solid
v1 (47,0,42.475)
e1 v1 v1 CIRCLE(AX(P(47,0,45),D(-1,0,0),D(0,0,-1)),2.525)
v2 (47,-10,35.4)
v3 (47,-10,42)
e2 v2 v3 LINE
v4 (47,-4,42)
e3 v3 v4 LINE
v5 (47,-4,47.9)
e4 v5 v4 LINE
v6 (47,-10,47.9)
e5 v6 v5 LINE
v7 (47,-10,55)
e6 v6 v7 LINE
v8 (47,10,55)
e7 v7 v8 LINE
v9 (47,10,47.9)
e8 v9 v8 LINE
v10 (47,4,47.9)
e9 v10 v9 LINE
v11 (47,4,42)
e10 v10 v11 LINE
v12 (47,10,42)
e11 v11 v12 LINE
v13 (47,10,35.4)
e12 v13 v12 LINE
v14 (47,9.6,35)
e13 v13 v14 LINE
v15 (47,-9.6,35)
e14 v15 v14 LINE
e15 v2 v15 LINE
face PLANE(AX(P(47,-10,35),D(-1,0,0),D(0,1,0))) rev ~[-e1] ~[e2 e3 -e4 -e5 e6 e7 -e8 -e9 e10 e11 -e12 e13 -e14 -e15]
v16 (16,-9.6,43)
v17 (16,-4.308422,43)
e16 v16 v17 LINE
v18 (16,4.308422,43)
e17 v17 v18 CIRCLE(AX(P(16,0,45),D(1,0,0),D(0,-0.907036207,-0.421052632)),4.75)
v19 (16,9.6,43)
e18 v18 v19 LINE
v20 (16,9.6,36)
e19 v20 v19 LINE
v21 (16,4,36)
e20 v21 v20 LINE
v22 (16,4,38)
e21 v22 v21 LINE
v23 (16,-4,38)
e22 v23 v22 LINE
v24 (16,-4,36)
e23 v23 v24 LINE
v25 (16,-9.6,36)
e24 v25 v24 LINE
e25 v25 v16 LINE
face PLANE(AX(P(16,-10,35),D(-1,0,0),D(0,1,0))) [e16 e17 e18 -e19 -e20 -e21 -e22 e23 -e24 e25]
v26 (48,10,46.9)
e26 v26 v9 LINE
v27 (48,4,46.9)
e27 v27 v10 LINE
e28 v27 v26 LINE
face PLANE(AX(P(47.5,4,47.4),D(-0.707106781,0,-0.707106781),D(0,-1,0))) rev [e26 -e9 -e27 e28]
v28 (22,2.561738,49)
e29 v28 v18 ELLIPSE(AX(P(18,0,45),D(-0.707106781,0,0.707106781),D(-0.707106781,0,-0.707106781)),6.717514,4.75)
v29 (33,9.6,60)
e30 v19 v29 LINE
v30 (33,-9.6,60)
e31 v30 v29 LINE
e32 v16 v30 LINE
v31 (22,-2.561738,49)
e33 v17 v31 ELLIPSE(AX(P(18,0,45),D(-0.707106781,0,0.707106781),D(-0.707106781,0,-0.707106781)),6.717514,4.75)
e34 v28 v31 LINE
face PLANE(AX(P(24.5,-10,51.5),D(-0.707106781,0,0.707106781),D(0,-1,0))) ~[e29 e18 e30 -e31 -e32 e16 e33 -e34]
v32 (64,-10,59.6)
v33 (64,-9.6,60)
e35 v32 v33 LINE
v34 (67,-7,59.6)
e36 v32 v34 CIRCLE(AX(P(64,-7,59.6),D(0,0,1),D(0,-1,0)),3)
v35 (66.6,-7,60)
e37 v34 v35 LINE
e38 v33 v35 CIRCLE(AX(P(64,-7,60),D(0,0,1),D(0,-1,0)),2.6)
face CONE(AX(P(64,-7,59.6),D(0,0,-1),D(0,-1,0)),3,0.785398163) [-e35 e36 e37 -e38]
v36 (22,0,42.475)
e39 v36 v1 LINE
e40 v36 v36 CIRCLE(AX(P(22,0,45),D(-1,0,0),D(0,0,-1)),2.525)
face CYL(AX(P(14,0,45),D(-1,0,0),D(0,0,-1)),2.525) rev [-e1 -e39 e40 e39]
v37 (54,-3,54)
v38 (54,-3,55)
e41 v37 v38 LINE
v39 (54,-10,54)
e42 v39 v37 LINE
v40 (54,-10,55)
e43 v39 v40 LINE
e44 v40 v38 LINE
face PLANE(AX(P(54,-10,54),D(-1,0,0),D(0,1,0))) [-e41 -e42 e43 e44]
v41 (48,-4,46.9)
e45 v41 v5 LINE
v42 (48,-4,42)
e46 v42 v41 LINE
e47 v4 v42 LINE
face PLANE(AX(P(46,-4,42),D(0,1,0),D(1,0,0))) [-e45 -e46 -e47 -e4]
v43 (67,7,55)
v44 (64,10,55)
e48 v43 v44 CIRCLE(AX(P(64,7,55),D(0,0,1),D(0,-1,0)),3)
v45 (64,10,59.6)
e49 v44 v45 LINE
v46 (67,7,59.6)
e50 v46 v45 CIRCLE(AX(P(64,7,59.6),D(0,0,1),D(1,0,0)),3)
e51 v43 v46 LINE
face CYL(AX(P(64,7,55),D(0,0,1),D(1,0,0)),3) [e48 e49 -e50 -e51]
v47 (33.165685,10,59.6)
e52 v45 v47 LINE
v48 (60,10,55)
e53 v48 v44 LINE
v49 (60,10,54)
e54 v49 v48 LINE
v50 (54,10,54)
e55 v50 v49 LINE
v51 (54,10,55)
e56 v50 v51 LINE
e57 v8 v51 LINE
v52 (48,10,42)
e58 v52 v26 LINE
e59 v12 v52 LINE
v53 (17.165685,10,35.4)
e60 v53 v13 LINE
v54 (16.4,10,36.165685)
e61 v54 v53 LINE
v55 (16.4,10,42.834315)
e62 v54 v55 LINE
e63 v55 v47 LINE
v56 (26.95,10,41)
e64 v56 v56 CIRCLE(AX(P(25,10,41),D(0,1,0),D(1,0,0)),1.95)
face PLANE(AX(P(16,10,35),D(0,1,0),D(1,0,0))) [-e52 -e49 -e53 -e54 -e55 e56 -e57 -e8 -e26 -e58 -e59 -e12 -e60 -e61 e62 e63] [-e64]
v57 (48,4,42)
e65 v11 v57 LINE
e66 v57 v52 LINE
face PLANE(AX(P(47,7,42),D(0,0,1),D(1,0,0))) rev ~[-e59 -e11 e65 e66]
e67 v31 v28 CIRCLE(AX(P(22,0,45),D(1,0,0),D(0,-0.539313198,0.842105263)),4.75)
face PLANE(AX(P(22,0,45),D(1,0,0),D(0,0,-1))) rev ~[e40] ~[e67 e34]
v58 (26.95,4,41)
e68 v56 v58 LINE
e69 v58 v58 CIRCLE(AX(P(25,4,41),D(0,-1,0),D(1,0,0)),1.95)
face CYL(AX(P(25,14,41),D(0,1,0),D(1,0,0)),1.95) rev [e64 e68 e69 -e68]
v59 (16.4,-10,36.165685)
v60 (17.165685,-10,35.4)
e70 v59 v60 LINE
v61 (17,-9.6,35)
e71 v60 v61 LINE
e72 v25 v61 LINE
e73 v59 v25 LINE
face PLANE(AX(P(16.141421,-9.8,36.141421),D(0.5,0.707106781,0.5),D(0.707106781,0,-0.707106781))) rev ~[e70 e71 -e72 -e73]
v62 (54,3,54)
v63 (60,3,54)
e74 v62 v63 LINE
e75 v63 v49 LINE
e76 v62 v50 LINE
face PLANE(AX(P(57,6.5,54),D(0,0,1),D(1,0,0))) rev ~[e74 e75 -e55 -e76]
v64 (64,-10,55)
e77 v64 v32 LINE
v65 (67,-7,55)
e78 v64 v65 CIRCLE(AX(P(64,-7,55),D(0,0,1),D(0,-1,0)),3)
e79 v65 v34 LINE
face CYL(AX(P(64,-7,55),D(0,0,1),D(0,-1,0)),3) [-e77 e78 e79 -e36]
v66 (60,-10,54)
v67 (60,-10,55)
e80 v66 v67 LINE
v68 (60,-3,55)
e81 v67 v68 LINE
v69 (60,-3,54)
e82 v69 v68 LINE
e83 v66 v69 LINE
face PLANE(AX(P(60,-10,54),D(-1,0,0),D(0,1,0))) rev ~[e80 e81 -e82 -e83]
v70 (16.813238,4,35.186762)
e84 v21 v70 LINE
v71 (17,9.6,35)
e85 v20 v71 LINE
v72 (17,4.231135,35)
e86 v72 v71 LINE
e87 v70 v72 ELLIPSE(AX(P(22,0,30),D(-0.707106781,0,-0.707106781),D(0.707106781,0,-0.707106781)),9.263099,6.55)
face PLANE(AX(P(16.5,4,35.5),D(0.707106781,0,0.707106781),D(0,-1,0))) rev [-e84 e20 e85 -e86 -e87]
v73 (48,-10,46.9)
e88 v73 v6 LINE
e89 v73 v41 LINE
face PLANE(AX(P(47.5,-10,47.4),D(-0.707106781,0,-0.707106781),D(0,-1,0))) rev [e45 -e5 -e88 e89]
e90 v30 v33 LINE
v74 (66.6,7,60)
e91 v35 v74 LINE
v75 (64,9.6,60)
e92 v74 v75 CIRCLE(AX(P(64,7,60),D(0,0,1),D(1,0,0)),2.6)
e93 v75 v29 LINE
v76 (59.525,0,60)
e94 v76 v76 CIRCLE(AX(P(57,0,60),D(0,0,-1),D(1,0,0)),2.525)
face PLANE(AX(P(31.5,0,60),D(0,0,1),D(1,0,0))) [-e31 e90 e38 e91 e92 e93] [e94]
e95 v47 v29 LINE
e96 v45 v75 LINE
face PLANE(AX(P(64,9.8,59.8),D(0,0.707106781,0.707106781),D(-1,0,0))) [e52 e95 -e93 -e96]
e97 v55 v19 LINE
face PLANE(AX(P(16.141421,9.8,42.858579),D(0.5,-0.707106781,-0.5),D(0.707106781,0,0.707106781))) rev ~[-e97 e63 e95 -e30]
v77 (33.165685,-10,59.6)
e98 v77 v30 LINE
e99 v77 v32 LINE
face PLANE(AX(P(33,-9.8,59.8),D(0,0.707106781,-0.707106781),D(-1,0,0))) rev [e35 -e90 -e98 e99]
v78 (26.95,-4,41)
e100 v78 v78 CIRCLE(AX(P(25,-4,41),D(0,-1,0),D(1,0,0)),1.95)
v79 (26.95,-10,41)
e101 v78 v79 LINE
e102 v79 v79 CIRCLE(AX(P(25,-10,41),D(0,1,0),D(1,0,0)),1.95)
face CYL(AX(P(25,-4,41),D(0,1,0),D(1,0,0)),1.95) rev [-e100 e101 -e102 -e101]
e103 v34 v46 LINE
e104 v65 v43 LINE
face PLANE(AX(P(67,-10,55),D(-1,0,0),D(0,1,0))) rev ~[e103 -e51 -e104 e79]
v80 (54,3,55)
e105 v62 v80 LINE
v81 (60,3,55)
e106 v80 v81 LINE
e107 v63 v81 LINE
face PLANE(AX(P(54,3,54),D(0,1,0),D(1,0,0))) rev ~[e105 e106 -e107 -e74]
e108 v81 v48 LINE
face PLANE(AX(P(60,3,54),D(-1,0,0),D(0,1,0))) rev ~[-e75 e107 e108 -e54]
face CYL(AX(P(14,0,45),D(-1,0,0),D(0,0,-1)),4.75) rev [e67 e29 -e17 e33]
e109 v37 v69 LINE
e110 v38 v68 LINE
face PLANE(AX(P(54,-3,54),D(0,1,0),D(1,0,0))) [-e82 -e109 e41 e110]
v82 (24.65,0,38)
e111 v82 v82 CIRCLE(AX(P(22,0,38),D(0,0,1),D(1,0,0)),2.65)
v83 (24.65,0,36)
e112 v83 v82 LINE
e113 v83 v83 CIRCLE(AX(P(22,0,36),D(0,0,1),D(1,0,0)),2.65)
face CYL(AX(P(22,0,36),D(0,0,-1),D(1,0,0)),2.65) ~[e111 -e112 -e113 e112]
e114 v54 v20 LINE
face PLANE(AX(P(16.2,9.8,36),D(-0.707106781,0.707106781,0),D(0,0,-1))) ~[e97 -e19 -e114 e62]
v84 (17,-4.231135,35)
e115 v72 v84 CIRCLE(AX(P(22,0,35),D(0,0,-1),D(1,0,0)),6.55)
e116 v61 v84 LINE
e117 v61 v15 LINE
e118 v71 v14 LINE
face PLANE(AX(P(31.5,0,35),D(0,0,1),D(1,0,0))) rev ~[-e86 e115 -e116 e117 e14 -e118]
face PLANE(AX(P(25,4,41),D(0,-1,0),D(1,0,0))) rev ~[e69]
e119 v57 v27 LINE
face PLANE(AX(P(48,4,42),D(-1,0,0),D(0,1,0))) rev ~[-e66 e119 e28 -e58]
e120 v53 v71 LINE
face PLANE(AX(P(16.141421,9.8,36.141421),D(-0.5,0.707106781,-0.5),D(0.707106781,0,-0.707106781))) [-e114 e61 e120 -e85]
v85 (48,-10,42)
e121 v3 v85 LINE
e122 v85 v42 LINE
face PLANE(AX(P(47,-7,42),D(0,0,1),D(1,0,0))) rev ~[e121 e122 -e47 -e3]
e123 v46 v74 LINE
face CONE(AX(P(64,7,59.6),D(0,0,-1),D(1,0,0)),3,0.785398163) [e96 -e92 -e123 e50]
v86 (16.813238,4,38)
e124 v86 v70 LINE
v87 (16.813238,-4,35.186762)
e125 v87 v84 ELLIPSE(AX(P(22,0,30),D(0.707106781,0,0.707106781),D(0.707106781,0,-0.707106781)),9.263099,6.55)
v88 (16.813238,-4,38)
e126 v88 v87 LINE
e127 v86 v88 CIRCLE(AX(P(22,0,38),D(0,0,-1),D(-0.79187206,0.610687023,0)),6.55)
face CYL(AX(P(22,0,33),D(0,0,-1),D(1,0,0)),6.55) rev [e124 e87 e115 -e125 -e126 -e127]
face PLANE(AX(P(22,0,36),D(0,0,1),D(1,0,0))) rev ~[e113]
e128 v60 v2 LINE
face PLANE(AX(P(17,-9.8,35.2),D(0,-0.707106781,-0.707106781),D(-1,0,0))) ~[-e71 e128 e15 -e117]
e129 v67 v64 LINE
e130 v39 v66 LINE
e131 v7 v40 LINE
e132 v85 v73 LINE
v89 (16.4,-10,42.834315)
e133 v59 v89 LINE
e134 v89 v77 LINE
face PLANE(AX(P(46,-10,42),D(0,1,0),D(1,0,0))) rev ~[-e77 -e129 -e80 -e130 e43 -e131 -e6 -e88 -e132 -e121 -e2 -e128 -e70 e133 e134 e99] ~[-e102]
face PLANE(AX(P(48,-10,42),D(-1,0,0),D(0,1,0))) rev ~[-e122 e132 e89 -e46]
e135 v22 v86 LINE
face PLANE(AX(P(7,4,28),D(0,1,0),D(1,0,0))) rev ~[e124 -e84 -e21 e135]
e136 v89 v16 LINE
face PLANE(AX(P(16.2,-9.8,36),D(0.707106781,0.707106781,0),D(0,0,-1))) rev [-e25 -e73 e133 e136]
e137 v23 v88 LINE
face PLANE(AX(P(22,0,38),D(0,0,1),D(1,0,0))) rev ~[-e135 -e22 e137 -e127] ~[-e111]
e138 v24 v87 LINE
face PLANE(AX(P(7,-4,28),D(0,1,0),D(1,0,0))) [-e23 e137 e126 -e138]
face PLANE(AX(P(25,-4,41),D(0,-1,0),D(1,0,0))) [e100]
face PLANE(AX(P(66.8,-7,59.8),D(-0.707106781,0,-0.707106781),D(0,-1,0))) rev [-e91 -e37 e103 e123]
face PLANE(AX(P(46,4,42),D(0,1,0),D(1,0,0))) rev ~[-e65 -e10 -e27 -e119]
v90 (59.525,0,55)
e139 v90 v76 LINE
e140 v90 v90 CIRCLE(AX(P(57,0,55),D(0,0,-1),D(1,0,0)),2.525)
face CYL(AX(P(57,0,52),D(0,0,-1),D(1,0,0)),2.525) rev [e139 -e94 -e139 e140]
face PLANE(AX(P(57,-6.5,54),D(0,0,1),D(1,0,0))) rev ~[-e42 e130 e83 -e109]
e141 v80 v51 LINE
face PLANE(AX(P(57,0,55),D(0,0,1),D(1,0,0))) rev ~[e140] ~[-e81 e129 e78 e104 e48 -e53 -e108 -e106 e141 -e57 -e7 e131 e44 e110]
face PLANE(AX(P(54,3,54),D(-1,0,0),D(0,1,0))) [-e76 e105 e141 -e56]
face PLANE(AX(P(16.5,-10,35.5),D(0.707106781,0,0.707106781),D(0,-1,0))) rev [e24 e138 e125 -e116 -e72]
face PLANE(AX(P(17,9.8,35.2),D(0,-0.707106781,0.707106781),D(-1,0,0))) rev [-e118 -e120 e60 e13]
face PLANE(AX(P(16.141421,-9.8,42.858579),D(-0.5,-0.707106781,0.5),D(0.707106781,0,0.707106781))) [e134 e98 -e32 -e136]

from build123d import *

# Parameters (mm, degrees)
CYLINDER022_R                        = 1.95
CYLINDER022_DEPTH                    = 10
CYLINDER021_R                        = 1.95
CYLINDER021_DEPTH                    = 10
BOX026_W                             = 2
BOX026_H                             = 6
BOX026_DEPTH                         = 5.9
BOX027_W                             = 2
BOX027_H                             = 6
BOX027_DEPTH                         = 5.9
CHAMFER004013007011015006009004_SIZE = 1
CYLINDER018_R                        = 2.525
CYLINDER018_DEPTH                    = 37
CYLINDER019_R                        = 4.75
CYLINDER019_DEPTH                    = 8
CYLINDER017_R                        = 2.65
CYLINDER017_DEPTH                    = 2
CYLINDER016_R                        = 6.55
CYLINDER016_DEPTH                    = 5
BOX030_W                             = 12
BOX030_H                             = 8
BOX030_DEPTH                         = 10
BOX024_W                             = 31
BOX024_H                             = 20
BOX024_DEPTH                         = 25
CHAMFER004013007011015006009005_SIZE = 17
CHAMFER004013007011015006009006_SIZE = 1
BOX028_W                             = 6
BOX028_H                             = 7
BOX028_DEPTH                         = 1
BOX029_W                             = 6
BOX029_H                             = 7
BOX029_DEPTH                         = 1
CYLINDER020_R                        = 2.525
CYLINDER020_DEPTH                    = 10
BOX025_W                             = 20
BOX025_H                             = 20
BOX025_DEPTH                         = 5
FILLET001_R                          = 3
CHAMFER004013007011015006009007_SIZE = 0.4


with BuildPart() as cylinder022:
    # Cylinder022 → Cylinder022 (new body)
    with BuildSketch(Plane(origin=(24, 14, 41), x_dir=(1, 0, 0), z_dir=(0, -1, 0))):
        Circle(CYLINDER022_R)
    extrude(amount=CYLINDER022_DEPTH)


with BuildPart() as fusion004031:
    # Cylinder021 → Cylinder021 (new body)
    with BuildSketch(Plane(origin=(24, -4, 41), x_dir=(1, 0, 0), z_dir=(0, -1, 0))):
        Circle(CYLINDER021_R)
    extrude(amount=CYLINDER021_DEPTH)

    # Fusion004031: union Cylinder022
    add(cylinder022.part)


with BuildPart() as fusion004031_1:
    # Fusion004031 placement: moved
    add(fusion004031.part.moved(Location((1, 0, 0))))


with BuildPart() as cube026:
    # Box026 → Box026 (new body)
    with BuildSketch(Plane(origin=(46, -10, 47), x_dir=(1, 0, 0), z_dir=(0, 0, 1))):
        with Locations((1, 3)):
            Rectangle(BOX026_W, BOX026_H)
    extrude(amount=BOX026_DEPTH)


with BuildPart() as chamfer004013007011015006009004:
    # Box027 → Box027 (new body)
    with BuildSketch(Plane(origin=(46, 4, 47), x_dir=(1, 0, 0), z_dir=(0, 0, 1))):
        with Locations((1, 3)):
            Rectangle(BOX027_W, BOX027_H)
    extrude(amount=BOX027_DEPTH)

    # Fusion004032: union Cube026
    add(cube026.part)


with BuildPart() as chamfer004013007011015006009004_1:
    # Fusion004032 placement: moved
    add(chamfer004013007011015006009004.part.moved(Location((0, 0, -5.1))))

    # Chamfer004013007011015006009004
    chamfer004013007011015006009004_edges = [chamfer004013007011015006009004_1.edges().sort_by_distance(p)[0] for p in [
        (48, 7, 47.8),
        (48, -7, 47.8),
    ]]
    chamfer(chamfer004013007011015006009004_edges, length=CHAMFER004013007011015006009004_SIZE)


with BuildPart() as chamfer004013007011015006009004_2:
    # Chamfer004013007011015006009004 placement: moved
    add(chamfer004013007011015006009004_1.part.moved(Location((0, 0, 0.1))))


with BuildPart() as cylinder018:
    # Cylinder018 → Cylinder018 (new body)
    with BuildSketch(Plane(origin=(14, 0, 45), x_dir=(0, 0, -1), z_dir=(1, 0, 0))):
        Circle(CYLINDER018_R)
    extrude(amount=CYLINDER018_DEPTH)


with BuildPart() as fusion004035:
    # Cylinder019 → Cylinder019 (new body)
    with BuildSketch(Plane(origin=(14, 0, 45), x_dir=(0, 0, -1), z_dir=(1, 0, 0))):
        Circle(CYLINDER019_R)
    extrude(amount=CYLINDER019_DEPTH)

    # Fusion004035: union Cylinder018
    add(cylinder018.part)


with BuildPart() as cylinder017:
    # Cylinder017 → Cylinder017 (new body)
    with BuildSketch(Plane.XY.offset(3)):
        Circle(CYLINDER017_R)
    extrude(amount=CYLINDER017_DEPTH)


with BuildPart() as cut028006004005015:
    # Cylinder016 → Cylinder016 (new body)
    with BuildSketch(Plane.XY):
        Circle(CYLINDER016_R)
    extrude(amount=CYLINDER016_DEPTH)

    # Cut028006004005015: cut Cylinder017
    add(cylinder017.part, mode=Mode.SUBTRACT)


with BuildPart() as cut028006004005015_1:
    # Cut028006004005015 placement: moved
    add(cut028006004005015.part.moved(Location((22, 0, 33))))


with BuildPart() as fusion004030:
    # Box030 → Box030 (new body)
    with BuildSketch(Plane(origin=(7, -4, 28), x_dir=(1, 0, 0), z_dir=(0, 0, 1))):
        with Locations((6, 4)):
            Rectangle(BOX030_W, BOX030_H)
    extrude(amount=BOX030_DEPTH)

    # Fusion004030: union Cut028006004005015
    add(cut028006004005015_1.part)


with BuildPart() as cut028006004005011003:
    # Box024 → Box024 (new body)
    with BuildSketch(Plane(origin=(16, -10, 35), x_dir=(1, 0, 0), z_dir=(0, 0, 1))):
        with Locations((15.5, 10)):
            Rectangle(BOX024_W, BOX024_H)
    extrude(amount=BOX024_DEPTH)

    # Cut028006004005017: cut Fusion004030
    add(fusion004030.part, mode=Mode.SUBTRACT)

    # Chamfer004013007011015006009005
    chamfer004013007011015006009005_edges = [cut028006004005011003.edges().sort_by_distance(p)[0] for p in [
        (16, 0, 60),
    ]]
    chamfer(chamfer004013007011015006009005_edges, length=CHAMFER004013007011015006009005_SIZE)

    # Cut028006004005018: cut Fusion004035
    add(fusion004035.part, mode=Mode.SUBTRACT)

    # Chamfer004013007011015006009006
    chamfer004013007011015006009006_edges = [cut028006004005011003.edges().sort_by_distance(p)[0] for p in [
        (16, 7, 35),
        (16, -7, 35),
    ]]
    chamfer(chamfer004013007011015006009006_edges, length=CHAMFER004013007011015006009006_SIZE)

    # Fusion004025007: union Chamfer004013007011015006009004
    add(chamfer004013007011015006009004_2.part)

    # Cut028006004005011003: cut Fusion004031
    add(fusion004031_1.part, mode=Mode.SUBTRACT)


with BuildPart() as cube028:
    # Box028 → Box028 (new body)
    with BuildSketch(Plane(origin=(54, -10, 40), x_dir=(1, 0, 0), z_dir=(0, 0, 1))):
        with Locations((3, 3.5)):
            Rectangle(BOX028_W, BOX028_H)
    extrude(amount=BOX028_DEPTH)


with BuildPart() as cube029:
    # Box029 → Box029 (new body)
    with BuildSketch(Plane(origin=(54, 3, 40), x_dir=(1, 0, 0), z_dir=(0, 0, 1))):
        with Locations((3, 3.5)):
            Rectangle(BOX029_W, BOX029_H)
    extrude(amount=BOX029_DEPTH)


with BuildPart() as cylinder020:
    # Cylinder020 → Cylinder020 (new body)
    with BuildSketch(Plane(origin=(57, 0, 32), x_dir=(1, 0, 0), z_dir=(0, 0, 1))):
        Circle(CYLINDER020_R)
    extrude(amount=CYLINDER020_DEPTH)


with BuildPart() as bed_frame_mount_top:
    # Box025 → Box025 (new body)
    with BuildSketch(Plane(origin=(47, -10, 35), x_dir=(1, 0, 0), z_dir=(0, 0, 1))):
        with Locations((10, 10)):
            Rectangle(BOX025_W, BOX025_H)
    extrude(amount=BOX025_DEPTH)

    # Fillet001
    fillet001_edges = [bed_frame_mount_top.edges().sort_by_distance(p)[0] for p in [
        (67, -10, 37.5),
        (67, 10, 37.5),
    ]]
    fillet(fillet001_edges, radius=FILLET001_R)

    # Cut028006004005016: cut Cylinder020
    add(cylinder020.part, mode=Mode.SUBTRACT)


with BuildPart() as bed_frame_mount_top_1:
    # Cut028006004005016 placement: moved
    add(bed_frame_mount_top.part.moved(Location((0, 0, 6))))

    # Fusion004034: union Cube028, Cube029
    add(cube028.part)
    add(cube029.part)


with BuildPart() as bed_frame_mount_top_2:
    # Fusion004034 placement: moved
    add(bed_frame_mount_top_1.part.moved(Location((0, 0, 14))))

    # Fusion004025008: union Cut028006004005011003
    add(cut028006004005011003.part)

    # Chamfer004013007011015006009007
    chamfer004013007011015006009007_edges = [bed_frame_mount_top_2.edges().sort_by_distance(p)[0] for p in [
        (67, 0, 60),
        (55.5, 10, 60),
        (66.12132, 9.12132, 60),
        (55.5, -10, 60),
        (66.12132, -9.12132, 60),
        (40, 10, 60),
        (40, -10, 60),
        (16.5, 10, 35.5),
        (16, 10, 39.5),
        (32, 10, 35),
        (24.5, 10, 51.5),
        (24.5, -10, 51.5),
        (16.5, -10, 35.5),
        (16, -10, 39.5),
        (32, -10, 35),
    ]]
    chamfer(chamfer004013007011015006009007_edges, length=CHAMFER004013007011015006009007_SIZE)


solid = bed_frame_mount_top_2.part
